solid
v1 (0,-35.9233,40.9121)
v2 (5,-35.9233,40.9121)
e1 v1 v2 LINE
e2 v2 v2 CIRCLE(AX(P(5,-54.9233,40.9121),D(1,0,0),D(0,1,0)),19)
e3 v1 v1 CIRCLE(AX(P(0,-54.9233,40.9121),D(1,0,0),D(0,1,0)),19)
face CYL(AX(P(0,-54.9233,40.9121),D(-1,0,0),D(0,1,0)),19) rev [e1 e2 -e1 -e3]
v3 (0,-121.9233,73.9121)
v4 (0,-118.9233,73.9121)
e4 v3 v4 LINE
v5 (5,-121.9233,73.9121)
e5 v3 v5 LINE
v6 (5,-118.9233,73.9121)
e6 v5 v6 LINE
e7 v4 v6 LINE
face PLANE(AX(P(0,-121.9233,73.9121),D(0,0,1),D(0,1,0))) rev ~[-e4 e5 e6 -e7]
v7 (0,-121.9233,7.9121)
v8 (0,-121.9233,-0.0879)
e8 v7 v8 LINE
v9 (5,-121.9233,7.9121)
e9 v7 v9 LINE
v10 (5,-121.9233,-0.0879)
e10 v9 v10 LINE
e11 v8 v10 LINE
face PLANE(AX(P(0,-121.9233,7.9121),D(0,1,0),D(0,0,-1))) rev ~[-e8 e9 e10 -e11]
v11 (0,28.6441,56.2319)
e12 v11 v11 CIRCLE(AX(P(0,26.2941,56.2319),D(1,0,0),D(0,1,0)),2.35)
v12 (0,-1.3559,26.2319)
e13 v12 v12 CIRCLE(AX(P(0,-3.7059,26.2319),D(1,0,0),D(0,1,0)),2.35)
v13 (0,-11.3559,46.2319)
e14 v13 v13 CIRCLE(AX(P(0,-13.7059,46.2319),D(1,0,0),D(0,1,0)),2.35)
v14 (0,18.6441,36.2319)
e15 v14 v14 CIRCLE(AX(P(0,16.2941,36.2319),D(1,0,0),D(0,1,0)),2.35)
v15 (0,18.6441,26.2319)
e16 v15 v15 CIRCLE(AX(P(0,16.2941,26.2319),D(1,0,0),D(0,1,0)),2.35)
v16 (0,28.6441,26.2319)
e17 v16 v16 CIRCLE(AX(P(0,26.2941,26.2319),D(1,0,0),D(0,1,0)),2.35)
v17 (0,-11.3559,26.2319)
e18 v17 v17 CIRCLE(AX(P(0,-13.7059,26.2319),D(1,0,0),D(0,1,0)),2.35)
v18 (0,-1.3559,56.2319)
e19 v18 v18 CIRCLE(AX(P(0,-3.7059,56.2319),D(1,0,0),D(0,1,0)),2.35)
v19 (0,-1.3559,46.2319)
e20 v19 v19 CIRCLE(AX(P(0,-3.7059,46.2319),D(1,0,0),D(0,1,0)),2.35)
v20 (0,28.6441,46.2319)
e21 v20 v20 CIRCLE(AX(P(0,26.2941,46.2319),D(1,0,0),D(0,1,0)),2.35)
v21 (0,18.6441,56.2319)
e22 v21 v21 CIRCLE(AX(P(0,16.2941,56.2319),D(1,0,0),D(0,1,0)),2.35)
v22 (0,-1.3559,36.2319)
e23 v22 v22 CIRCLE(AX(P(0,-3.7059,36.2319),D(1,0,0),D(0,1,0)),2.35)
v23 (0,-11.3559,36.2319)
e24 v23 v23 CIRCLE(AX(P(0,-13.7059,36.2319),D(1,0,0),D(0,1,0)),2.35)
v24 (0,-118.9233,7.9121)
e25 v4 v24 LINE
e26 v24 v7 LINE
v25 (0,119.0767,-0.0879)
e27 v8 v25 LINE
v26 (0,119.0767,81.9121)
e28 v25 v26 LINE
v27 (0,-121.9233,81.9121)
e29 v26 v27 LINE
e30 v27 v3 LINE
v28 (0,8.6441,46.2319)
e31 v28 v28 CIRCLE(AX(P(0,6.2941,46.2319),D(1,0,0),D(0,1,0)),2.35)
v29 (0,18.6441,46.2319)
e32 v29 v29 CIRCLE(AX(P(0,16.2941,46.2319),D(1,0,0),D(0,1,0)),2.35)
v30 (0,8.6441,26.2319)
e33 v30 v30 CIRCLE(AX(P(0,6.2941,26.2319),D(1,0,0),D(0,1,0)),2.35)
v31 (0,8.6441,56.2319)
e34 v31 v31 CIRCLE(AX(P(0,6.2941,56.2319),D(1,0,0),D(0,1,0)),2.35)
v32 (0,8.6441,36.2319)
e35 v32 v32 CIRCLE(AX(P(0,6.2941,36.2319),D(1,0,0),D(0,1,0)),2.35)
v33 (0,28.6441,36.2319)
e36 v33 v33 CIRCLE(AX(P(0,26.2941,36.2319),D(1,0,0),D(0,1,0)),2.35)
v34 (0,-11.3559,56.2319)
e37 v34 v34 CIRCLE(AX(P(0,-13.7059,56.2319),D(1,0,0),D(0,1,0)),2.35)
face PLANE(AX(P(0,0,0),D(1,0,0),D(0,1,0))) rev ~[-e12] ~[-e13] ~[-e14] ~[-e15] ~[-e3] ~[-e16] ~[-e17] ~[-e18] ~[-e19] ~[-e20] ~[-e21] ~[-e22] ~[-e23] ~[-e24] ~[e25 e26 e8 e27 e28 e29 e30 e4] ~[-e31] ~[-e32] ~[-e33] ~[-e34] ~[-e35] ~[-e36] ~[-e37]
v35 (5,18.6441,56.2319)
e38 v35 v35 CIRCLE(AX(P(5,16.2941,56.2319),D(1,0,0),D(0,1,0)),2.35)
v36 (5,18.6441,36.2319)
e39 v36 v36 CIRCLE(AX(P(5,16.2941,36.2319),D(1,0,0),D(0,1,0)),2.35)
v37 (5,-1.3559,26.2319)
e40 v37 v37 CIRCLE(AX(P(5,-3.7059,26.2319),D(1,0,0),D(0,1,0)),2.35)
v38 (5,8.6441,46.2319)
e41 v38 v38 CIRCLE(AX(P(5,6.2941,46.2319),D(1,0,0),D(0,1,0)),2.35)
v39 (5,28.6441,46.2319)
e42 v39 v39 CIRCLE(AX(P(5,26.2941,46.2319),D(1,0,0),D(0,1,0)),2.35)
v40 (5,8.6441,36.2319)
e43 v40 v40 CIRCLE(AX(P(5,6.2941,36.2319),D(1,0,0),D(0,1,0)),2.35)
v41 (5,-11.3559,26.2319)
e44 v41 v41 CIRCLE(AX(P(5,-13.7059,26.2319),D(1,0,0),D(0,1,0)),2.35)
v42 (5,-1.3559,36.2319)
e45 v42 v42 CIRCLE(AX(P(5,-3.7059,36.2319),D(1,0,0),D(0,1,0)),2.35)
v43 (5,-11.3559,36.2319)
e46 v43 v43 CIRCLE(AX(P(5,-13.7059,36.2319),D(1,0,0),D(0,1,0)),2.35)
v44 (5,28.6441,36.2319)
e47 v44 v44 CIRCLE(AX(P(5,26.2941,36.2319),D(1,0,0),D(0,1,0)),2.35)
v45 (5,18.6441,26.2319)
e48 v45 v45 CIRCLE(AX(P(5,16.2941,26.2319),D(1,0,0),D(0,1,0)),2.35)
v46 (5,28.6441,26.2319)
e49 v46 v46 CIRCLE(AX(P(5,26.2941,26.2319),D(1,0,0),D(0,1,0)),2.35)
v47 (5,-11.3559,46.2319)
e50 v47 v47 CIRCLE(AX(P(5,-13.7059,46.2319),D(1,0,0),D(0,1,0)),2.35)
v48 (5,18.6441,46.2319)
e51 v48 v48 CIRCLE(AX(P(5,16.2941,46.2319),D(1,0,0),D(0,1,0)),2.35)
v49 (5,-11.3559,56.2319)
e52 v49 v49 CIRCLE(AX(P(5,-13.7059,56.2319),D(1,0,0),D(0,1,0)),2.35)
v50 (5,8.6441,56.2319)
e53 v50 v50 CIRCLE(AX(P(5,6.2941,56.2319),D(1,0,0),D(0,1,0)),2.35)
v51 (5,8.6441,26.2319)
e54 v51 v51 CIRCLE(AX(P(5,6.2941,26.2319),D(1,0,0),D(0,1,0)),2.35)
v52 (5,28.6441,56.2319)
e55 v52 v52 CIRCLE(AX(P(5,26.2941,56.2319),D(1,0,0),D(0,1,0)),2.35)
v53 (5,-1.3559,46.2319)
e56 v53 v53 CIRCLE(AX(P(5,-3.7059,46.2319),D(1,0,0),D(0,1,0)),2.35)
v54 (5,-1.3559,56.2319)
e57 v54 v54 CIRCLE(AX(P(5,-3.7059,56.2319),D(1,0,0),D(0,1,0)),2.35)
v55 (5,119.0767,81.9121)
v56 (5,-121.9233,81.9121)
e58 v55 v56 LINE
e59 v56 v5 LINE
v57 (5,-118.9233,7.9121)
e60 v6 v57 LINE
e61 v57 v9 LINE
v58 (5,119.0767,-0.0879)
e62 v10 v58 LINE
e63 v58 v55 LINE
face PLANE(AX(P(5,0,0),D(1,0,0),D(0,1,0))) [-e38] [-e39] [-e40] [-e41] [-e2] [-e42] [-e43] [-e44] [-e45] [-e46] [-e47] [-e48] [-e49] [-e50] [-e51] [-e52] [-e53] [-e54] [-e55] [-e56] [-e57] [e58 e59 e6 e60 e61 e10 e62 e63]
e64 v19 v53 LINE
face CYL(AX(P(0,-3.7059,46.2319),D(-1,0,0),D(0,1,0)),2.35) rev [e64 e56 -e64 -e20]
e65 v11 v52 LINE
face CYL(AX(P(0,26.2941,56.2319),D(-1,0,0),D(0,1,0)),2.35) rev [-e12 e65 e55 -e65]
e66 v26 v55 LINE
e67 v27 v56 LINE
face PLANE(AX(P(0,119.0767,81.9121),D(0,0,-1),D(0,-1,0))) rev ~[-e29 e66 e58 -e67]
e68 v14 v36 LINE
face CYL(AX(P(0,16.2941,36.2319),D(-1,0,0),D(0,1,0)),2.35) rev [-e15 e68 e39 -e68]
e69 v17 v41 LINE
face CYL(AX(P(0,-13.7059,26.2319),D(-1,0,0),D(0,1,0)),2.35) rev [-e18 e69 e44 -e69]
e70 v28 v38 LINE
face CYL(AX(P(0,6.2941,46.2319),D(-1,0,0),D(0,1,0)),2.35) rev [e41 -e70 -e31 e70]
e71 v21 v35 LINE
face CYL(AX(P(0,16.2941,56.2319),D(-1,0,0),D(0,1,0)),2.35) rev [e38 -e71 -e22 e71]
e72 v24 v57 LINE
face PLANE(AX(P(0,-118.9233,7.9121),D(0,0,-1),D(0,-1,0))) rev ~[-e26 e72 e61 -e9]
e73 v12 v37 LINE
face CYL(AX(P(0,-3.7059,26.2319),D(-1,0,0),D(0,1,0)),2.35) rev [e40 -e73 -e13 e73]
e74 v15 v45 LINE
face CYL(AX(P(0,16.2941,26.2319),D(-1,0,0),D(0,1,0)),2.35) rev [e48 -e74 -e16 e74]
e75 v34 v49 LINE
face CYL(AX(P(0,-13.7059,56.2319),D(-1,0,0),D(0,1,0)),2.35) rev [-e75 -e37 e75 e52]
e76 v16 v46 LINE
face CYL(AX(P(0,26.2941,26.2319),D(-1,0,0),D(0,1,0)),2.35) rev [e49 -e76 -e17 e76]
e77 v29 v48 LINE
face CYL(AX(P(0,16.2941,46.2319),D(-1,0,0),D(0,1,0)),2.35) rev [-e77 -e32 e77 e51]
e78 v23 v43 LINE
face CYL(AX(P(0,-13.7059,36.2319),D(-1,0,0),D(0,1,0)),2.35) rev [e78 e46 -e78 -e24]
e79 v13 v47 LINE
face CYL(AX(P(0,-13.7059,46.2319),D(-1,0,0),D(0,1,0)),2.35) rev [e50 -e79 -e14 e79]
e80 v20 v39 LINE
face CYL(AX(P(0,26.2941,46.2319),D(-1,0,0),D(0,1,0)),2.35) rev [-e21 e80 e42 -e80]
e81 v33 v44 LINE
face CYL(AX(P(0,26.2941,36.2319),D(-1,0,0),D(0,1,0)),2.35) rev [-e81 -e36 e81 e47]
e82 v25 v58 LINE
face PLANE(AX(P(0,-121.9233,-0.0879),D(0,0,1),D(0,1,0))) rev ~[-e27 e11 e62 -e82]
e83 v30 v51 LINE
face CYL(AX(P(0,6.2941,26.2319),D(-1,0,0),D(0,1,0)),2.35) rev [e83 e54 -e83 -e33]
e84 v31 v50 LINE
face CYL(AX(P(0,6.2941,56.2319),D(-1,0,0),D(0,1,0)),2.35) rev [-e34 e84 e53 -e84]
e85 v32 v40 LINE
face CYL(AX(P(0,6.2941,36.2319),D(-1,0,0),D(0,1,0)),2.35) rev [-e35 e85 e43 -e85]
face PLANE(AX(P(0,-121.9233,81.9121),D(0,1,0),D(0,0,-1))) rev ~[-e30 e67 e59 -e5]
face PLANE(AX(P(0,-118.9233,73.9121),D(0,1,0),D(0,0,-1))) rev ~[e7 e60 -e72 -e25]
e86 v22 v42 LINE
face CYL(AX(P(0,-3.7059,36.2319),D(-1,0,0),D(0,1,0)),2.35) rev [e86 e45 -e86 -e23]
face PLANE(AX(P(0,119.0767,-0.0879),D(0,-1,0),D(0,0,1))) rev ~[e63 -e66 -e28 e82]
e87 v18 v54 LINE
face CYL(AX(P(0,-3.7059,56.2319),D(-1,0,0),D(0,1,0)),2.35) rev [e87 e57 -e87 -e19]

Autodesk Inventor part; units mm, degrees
ref_plane "YZ Plane" through (0, 0, 0) normal (1, 0, 0) x (0, 1, 0)
ref_plane "XZ Plane" through (0, 0, 0) normal (0, 1, 0) x (-1, 0, 0)
ref_plane "XY Plane" through (0, 0, 0) normal (0, 0, 1) x (1, 0, 0)
sketch "Sketch1" plane through (0, 0, 0) normal (1, 0, 0) x (0, 1, 0)
  line L0 (119.0767, 81.9121) -> (-121.9233, 81.9121)
  line L1 (-121.9233, 81.9121) -> (-121.9233, -0.0879)
  line L2 (-121.9233, -0.0879) -> (119.0767, -0.0879)
  line L3 (119.0767, -0.0879) -> (119.0767, 81.9121)
  circle A0 centre (-54.9233, 40.9121) radius 19
  line L4 (-121.9233, 73.9121) -> (-118.9233, 73.9121)
  line L5 (-118.9233, 73.9121) -> (-118.9233, 7.9121)
  line L6 (-118.9233, 7.9121) -> (-121.9233, 7.9121)
  line L7 (-121.9233, 7.9121) -> (-121.9233, 73.9121)
  circle A1 centre (26.2941, 56.2319) radius 2.35
  circle A2 centre (16.2941, 56.2319) radius 2.35
  circle A3 centre (6.2941, 56.2319) radius 2.35
  circle A4 centre (-3.7059, 56.2319) radius 2.35
  circle A5 centre (-13.7059, 56.2319) radius 2.35
  circle A6 centre (26.2941, 46.2319) radius 2.35
  circle A7 centre (16.2941, 46.2319) radius 2.35
  circle A8 centre (6.2941, 46.2319) radius 2.35
  circle A9 centre (-3.7059, 46.2319) radius 2.35
  circle A10 centre (-13.7059, 46.2319) radius 2.35
  circle A11 centre (26.2941, 36.2319) radius 2.35
  circle A12 centre (16.2941, 36.2319) radius 2.35
  circle A13 centre (6.2941, 36.2319) radius 2.35
  circle A14 centre (-3.7059, 36.2319) radius 2.35
  circle A15 centre (-13.7059, 36.2319) radius 2.35
  circle A16 centre (26.2941, 26.2319) radius 2.35
  circle A17 centre (16.2941, 26.2319) radius 2.35
  circle A18 centre (6.2941, 26.2319) radius 2.35
  circle A19 centre (-3.7059, 26.2319) radius 2.35
  circle A20 centre (-13.7059, 26.2319) radius 2.35
  point P0 (0, 0)
  point P1 (0, 0)
  dimension "d0" = 241
  dimension "d1" = 82
  dimension "d2" = 38
  dimension "d3" = 41
  dimension "d4" = 174
  dimension "d5" = 66
  dimension "d6" = 3
  dimension "d7" = 8
  dimension "d21" = 4.7
  dimension "d24" = 10
  dimension "d27" = 10
extrude "Extrusion1" add sketch "Sketch1" along normal blind 5 contours L3 L2 L1 L6 L5 L4 L0
equation "\"d3\" = 0.5 * d1"
equation "\"d7\" = -0.5 * d5 + 0.5 * d1"
properties part number "center wall"
